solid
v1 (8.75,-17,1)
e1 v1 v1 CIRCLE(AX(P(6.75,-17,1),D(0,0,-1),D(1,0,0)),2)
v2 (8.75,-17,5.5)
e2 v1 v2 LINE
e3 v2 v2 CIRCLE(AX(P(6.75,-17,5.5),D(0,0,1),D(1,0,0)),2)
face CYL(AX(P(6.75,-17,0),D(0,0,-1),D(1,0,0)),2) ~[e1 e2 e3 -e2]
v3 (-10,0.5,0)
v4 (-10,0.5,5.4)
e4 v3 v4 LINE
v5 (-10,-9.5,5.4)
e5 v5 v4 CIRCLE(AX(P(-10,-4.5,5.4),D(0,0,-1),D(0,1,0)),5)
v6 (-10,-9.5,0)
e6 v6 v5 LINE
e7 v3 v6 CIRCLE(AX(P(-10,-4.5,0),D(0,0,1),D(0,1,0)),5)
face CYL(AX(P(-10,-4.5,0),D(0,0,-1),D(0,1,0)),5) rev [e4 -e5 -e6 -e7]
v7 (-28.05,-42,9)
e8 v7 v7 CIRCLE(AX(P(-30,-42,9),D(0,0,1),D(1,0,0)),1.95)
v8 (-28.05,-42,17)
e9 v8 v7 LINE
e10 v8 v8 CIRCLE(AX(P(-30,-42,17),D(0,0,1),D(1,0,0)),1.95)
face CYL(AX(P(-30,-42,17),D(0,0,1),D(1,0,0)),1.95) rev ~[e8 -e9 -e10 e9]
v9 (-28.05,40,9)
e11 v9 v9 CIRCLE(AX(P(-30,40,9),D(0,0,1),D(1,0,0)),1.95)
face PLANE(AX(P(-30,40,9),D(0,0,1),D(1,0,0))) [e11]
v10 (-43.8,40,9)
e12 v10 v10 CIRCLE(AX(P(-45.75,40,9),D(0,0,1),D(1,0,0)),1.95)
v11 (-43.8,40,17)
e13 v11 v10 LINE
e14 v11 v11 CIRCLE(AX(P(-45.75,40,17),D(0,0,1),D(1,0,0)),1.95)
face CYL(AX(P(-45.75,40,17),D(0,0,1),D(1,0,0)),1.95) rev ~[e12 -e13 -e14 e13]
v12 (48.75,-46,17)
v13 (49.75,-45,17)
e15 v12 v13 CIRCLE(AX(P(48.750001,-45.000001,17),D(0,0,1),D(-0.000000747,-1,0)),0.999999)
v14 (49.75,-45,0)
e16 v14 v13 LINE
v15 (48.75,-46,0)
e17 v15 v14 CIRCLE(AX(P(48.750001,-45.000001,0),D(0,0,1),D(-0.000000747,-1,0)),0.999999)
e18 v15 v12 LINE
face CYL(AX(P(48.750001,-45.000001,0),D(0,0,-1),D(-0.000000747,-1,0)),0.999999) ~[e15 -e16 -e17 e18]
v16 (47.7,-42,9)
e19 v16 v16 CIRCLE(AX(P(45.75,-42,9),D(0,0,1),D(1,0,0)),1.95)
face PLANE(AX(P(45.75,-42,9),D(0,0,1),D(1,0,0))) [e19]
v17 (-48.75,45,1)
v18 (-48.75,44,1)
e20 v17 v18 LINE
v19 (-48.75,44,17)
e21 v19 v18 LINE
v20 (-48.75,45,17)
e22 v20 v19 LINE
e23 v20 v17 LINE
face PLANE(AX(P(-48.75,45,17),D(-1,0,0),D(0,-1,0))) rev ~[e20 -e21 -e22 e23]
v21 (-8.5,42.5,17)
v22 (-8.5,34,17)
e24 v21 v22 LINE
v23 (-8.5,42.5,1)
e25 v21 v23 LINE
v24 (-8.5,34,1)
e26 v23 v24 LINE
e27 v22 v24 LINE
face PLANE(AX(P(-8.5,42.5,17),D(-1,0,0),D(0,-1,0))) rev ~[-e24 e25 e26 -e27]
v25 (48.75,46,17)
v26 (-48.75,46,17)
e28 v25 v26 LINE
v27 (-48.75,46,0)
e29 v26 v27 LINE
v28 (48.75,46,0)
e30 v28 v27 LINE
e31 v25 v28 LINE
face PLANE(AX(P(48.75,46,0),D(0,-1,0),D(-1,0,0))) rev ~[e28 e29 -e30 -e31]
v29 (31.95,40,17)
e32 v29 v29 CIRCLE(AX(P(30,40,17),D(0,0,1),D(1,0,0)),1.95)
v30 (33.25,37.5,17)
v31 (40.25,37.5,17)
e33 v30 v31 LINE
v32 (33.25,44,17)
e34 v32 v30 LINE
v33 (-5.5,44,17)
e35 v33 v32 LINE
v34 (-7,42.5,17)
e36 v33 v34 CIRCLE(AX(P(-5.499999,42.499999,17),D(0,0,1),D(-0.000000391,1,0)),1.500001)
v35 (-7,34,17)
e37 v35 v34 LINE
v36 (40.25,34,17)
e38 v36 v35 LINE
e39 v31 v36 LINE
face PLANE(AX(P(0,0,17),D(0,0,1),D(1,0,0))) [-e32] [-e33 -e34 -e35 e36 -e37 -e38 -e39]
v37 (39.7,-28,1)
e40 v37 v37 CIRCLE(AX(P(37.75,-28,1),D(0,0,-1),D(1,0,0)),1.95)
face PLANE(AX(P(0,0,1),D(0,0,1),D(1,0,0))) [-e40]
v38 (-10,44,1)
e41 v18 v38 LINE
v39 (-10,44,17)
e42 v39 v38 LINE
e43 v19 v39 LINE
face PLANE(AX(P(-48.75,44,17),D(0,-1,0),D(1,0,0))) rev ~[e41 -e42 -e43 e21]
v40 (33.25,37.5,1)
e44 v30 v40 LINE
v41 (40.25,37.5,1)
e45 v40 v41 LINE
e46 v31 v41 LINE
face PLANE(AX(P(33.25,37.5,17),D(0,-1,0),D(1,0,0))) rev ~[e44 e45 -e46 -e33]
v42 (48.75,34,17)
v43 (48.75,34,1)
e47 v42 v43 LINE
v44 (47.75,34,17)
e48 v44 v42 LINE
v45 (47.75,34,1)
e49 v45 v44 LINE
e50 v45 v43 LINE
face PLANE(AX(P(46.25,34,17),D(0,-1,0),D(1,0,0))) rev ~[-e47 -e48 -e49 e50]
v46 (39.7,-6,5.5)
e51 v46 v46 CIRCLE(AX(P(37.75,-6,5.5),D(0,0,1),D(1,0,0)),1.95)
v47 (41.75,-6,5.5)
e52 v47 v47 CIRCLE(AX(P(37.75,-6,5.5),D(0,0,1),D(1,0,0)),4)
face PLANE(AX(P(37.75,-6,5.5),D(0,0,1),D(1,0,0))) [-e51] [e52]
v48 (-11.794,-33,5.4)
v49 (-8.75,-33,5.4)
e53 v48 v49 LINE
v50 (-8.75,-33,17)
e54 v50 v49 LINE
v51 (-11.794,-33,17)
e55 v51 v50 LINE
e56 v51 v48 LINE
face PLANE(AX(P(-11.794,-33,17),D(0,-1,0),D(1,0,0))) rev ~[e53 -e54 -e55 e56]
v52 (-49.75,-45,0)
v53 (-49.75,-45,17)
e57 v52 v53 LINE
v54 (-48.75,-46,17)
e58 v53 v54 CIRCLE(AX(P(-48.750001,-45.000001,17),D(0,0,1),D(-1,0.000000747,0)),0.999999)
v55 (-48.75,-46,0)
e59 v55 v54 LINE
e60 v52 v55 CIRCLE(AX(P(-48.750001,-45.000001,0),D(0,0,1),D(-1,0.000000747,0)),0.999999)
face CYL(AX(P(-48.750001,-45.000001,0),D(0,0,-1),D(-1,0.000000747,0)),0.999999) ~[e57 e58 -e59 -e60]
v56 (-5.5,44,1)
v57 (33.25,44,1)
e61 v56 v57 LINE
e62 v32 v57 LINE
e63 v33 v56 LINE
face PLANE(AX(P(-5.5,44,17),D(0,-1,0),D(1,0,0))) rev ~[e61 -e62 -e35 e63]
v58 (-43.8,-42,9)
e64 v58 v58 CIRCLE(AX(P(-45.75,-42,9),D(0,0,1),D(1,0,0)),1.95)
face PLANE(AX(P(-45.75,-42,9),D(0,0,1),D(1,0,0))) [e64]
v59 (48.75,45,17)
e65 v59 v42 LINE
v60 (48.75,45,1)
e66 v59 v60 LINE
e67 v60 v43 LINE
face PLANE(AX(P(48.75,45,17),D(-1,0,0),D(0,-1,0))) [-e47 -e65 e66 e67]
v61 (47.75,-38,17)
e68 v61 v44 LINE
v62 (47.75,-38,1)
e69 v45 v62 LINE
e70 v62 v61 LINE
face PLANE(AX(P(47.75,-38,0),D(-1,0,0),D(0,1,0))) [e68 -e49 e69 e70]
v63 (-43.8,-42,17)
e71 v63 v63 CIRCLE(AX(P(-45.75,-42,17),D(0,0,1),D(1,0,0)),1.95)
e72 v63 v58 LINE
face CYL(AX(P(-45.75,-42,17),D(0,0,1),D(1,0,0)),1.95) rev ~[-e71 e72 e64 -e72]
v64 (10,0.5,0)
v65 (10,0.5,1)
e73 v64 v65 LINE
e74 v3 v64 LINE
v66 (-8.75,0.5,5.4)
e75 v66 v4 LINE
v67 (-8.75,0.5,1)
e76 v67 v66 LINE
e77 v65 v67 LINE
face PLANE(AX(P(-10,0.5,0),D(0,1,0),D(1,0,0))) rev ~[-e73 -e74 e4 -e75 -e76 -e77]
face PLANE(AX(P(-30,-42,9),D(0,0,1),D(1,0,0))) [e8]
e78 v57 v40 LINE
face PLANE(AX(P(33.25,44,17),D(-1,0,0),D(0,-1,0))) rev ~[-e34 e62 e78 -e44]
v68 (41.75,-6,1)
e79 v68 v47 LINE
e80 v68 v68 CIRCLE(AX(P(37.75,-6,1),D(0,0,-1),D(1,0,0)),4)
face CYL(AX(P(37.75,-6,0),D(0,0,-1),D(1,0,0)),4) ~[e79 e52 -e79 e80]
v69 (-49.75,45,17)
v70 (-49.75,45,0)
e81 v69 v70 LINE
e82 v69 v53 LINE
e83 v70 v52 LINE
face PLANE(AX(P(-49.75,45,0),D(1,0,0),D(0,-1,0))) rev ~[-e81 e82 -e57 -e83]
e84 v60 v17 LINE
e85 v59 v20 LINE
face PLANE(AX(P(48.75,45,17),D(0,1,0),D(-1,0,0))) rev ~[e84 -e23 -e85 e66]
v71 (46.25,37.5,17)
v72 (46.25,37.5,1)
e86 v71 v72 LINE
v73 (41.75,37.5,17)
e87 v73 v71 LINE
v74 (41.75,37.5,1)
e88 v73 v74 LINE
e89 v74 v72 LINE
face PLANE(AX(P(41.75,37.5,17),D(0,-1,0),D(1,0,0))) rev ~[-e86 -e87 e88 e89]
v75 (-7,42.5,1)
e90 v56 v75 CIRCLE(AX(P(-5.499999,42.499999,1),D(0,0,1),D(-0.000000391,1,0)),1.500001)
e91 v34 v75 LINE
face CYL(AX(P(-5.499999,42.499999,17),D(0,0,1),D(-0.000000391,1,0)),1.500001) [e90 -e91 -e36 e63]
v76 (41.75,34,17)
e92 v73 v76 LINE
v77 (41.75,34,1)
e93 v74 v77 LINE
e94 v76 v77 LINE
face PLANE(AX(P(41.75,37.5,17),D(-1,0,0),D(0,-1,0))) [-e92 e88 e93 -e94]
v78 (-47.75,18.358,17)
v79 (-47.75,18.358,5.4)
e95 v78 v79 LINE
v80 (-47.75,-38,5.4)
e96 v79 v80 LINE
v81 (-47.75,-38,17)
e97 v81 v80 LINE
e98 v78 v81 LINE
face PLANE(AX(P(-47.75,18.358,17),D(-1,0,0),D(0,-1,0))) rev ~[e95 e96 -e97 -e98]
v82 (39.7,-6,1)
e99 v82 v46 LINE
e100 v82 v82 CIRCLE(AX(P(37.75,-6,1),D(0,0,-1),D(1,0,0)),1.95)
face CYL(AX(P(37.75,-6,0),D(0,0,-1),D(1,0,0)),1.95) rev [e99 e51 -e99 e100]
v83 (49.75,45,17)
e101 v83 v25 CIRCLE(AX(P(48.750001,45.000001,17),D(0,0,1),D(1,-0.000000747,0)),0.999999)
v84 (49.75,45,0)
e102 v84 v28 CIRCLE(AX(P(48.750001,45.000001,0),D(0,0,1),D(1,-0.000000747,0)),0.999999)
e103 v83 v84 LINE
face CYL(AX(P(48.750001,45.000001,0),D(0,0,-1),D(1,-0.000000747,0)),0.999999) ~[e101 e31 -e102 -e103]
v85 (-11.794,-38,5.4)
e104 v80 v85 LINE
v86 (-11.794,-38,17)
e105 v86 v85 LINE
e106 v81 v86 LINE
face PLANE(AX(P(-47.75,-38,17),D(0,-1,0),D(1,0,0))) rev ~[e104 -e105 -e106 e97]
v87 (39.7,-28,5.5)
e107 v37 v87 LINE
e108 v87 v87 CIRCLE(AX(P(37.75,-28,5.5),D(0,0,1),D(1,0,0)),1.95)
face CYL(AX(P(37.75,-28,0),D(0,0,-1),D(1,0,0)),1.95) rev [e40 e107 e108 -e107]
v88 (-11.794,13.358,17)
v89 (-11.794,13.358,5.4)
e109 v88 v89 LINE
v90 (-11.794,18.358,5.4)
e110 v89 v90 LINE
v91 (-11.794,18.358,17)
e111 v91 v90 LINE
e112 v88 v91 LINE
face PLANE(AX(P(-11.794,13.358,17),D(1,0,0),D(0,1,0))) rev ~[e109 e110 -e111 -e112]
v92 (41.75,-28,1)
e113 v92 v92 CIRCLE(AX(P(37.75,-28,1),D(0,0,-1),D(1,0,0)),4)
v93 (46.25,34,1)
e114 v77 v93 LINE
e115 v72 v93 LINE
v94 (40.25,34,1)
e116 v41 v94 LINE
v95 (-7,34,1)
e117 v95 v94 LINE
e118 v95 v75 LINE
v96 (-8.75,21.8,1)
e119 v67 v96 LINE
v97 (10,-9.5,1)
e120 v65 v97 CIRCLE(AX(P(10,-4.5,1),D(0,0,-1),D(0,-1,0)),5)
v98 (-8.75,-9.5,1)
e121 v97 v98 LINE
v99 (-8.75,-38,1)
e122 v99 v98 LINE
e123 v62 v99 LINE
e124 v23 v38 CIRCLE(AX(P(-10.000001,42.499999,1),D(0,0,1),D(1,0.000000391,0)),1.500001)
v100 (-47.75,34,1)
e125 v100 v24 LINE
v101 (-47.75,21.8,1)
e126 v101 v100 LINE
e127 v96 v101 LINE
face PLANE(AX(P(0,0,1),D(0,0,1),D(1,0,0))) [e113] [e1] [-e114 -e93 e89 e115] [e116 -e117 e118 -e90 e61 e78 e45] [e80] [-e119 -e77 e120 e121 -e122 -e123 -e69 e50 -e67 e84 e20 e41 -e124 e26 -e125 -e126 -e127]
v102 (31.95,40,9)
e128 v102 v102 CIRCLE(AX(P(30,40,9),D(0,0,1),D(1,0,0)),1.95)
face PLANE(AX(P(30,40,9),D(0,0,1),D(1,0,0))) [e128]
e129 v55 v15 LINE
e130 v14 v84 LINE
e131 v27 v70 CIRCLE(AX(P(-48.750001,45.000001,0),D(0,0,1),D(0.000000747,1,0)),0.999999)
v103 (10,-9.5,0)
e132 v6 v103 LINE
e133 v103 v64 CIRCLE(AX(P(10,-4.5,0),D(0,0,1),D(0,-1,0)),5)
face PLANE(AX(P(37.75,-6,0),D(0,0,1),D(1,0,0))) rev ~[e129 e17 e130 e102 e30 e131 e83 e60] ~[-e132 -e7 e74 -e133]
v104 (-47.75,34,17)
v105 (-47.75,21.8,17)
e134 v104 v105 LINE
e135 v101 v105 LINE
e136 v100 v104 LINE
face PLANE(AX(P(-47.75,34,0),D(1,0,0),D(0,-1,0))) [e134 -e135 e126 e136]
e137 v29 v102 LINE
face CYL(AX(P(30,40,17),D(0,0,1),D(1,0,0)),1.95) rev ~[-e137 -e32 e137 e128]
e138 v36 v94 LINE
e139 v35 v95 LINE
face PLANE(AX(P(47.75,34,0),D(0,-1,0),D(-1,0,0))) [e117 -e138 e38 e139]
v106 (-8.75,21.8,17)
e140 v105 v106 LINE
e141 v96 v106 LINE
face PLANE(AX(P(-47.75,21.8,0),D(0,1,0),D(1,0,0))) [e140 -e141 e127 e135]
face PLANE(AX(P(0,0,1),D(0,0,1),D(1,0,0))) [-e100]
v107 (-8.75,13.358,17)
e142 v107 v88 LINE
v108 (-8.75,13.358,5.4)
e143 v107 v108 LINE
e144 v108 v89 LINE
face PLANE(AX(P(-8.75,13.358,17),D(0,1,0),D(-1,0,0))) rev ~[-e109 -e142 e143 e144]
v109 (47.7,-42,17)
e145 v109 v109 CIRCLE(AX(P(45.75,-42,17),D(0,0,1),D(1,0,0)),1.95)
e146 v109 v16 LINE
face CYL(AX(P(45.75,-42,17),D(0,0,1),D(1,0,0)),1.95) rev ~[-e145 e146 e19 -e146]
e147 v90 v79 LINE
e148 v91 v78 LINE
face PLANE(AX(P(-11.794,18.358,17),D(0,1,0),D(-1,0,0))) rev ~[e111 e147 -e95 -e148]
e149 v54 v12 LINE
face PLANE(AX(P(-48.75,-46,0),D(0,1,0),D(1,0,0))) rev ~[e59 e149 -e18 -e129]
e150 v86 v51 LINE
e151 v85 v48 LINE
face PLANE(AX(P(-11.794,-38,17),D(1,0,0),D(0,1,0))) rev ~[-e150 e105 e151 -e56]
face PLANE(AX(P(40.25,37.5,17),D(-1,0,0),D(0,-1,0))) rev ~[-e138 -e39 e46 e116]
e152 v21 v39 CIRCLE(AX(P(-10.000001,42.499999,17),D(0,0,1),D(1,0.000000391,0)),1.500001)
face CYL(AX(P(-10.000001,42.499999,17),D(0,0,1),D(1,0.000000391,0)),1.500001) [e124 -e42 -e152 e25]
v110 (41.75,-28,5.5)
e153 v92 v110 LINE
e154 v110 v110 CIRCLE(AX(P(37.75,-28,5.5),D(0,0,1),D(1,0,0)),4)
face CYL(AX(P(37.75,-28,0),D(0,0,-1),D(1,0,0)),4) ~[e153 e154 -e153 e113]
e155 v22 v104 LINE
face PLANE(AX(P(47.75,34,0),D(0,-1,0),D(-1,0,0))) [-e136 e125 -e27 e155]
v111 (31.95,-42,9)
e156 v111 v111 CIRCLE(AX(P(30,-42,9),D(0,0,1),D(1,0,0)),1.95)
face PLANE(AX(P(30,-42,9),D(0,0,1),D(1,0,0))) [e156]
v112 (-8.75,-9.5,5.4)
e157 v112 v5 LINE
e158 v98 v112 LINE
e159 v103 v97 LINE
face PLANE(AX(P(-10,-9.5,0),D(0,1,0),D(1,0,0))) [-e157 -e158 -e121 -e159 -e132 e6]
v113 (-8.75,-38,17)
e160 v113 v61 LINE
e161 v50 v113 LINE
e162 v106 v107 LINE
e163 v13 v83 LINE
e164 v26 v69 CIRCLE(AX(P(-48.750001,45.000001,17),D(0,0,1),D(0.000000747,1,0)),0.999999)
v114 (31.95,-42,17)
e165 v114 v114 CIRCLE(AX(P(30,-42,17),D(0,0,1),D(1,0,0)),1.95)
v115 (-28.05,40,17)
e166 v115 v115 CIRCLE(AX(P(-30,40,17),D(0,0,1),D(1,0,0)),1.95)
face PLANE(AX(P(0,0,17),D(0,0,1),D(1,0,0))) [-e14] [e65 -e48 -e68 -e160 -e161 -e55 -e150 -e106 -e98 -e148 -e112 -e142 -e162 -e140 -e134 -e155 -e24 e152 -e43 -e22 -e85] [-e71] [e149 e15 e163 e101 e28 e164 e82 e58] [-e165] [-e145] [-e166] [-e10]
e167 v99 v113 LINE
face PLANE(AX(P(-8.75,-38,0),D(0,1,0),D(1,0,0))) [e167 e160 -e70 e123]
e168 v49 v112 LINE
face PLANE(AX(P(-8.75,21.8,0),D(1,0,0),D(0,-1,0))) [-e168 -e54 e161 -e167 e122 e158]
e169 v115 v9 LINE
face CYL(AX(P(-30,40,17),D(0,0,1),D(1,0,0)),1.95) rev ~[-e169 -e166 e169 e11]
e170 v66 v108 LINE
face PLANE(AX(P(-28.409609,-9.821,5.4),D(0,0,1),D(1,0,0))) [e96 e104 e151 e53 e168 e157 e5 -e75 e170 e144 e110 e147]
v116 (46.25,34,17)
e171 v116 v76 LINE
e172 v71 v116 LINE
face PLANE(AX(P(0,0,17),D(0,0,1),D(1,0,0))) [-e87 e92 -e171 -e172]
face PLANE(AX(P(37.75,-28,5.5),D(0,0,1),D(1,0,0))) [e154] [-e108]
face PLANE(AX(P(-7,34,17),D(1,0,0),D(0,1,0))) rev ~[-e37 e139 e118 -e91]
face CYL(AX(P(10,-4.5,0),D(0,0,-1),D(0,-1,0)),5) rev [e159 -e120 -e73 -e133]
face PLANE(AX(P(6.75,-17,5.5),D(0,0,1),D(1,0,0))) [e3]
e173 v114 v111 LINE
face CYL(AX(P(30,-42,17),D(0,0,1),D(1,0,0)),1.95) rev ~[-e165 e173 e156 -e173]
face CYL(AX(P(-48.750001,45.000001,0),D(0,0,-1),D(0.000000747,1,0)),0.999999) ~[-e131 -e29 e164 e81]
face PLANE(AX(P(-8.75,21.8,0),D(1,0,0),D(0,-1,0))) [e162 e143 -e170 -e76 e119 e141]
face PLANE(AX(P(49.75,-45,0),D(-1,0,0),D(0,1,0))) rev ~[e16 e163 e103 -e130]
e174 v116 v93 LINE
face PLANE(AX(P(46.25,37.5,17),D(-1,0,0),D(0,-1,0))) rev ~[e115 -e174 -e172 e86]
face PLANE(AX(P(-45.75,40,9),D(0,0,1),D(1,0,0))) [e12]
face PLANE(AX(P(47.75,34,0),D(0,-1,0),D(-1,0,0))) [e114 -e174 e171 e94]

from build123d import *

# Parameters (mm, degrees)
PAD033_DEPTH    = 1
PAD034_DEPTH    = 17
POCKET020_DEPTH = 16
POCKET021_DEPTH = 11.6
SKETCH057_R     = 4
SKETCH057_R_2   = 1.95
SKETCH057_R_3   = 2
PAD035_DEPTH    = 5.5
SKETCH058_R     = 1.95
POCKET022_DEPTH = 8
POCKET023_DEPTH = 17


with BuildPart() as part:
    # Sketch053 → Pad033 (new body)
    with BuildSketch(Plane.XY):
        with BuildLine():
            Line((-49.75, 45), (-49.75, -45))
            ThreePointArc((-49.75, -45), (-49.457107, -45.707107), (-48.75, -46))
            Line((-48.75, -46), (48.75, -46))
            ThreePointArc((48.75, -46), (49.457107, -45.707107), (49.75, -45))
            Line((49.75, -45), (49.75, 45))
            ThreePointArc((49.75, 45), (49.457107, 45.707107), (48.75, 46))
            Line((48.75, 46), (-48.75, 46))
            ThreePointArc((-48.75, 46), (-49.457107, 45.707107), (-49.75, 45))
        make_face()
    extrude(amount=PAD033_DEPTH)

    # Sketch054 → Pad034 (join)
    with BuildSketch(Plane.XY):
        with BuildLine():
            Line((-49.75, 45), (-49.75, -45))
            ThreePointArc((-49.75, -45), (-49.457107, -45.707107), (-48.75, -46))
            Line((-48.75, -46), (48.75, -46))
            ThreePointArc((48.75, -46), (49.457107, -45.707107), (49.75, -45))
            Line((49.75, -45), (49.75, 45))
            ThreePointArc((49.75, 45), (49.457107, 45.707107), (48.75, 46))
            Line((48.75, 46), (-48.75, 46))
            ThreePointArc((-48.75, 46), (-49.457107, 45.707107), (-49.75, 45))
        make_face()
        Polygon((-47.75, 34), (-47.75, 21.8), (-8.75, 21.8), (-8.75, -38), (47.75, -38), (47.75, 34), align=None, mode=Mode.SUBTRACT)
    extrude(amount=PAD034_DEPTH)

    # Sketch055 (on Face14 of Pad034) → Pocket020 (cut)
    with BuildSketch(Plane.XY.offset(17)):
        with BuildLine():
            Line((-48.75, 45), (-48.75, 44))
            Line((-48.75, 44), (-10, 44))
            ThreePointArc((-8.5, 42.5), (-8.93934, 43.56066), (-10, 44))
            Line((-8.5, 42.5), (-8.5, 34))
            Line((-8.5, 34), (-7, 34))
            Line((-7, 34), (-7, 42.5))
            ThreePointArc((-5.5, 44), (-6.56066, 43.56066), (-7, 42.5))
            Line((-5.5, 44), (33.25, 44))
            Line((33.25, 44), (33.25, 37.5))
            Line((33.25, 37.5), (40.25, 37.5))
            Line((40.25, 37.5), (40.25, 34))
            Line((41.75, 34), (40.25, 34))
            Line((41.75, 37.5), (41.75, 34))
            Line((41.75, 37.5), (46.25, 37.5))
            Line((46.25, 37.5), (46.25, 34))
            Line((46.25, 34), (48.75, 34))
            Line((48.75, 45), (48.75, 34))
            Line((48.75, 45), (-48.75, 45))
        make_face()
    extrude(amount=-POCKET020_DEPTH, mode=Mode.SUBTRACT)

    # Sketch056 (on Face14 of Pocket020) → Pocket021 (cut)
    with BuildSketch(Plane.XY.offset(17)):
        Polygon((-11.794, 18.358), (-47.75, 18.358), (-47.75, -38), (-11.794, -38), (-11.794, -33), (-8.75, -33), (-8.75, 13.358), (-11.794, 13.358), align=None)
    extrude(amount=-POCKET021_DEPTH, mode=Mode.SUBTRACT)

    # Sketch057 → Pad035 (join)
    with BuildSketch(Plane.XY):
        with Locations((37.75, -6)):
            Circle(SKETCH057_R)
        with Locations((37.75, -6)):
            Circle(SKETCH057_R_2, mode=Mode.SUBTRACT)
        with Locations((37.75, -28)):
            Circle(SKETCH057_R)
        with Locations((37.75, -28)):
            Circle(SKETCH057_R_2, mode=Mode.SUBTRACT)
        with Locations((6.75, -17)):
            Circle(SKETCH057_R_3)
    extrude(amount=PAD035_DEPTH)

    # Sketch058 (on Face14 of Pad035) → Pocket022 (cut)
    with BuildSketch(Plane.XY.offset(17)):
        with Locations((-45.75, -42)):
            Circle(SKETCH058_R)
        with Locations((-30, -42)):
            Circle(SKETCH058_R)
        with Locations((30, -42)):
            Circle(SKETCH058_R)
        with Locations((-45.75, 40)):
            Circle(SKETCH058_R)
        with Locations((-30, 40)):
            Circle(SKETCH058_R)
        with Locations((30, 40)):
            Circle(SKETCH058_R)
        with Locations((45.75, -42)):
            Circle(SKETCH058_R)
    extrude(amount=-POCKET022_DEPTH, mode=Mode.SUBTRACT)

    # Sketch060 → Pocket023 (cut)
    with BuildSketch(Plane.XY):
        with BuildLine():
            ThreePointArc((-10, 0.5), (-15, -4.5), (-10, -9.5))
            Line((-10, -9.5), (10, -9.5))
            ThreePointArc((10, -9.5), (15, -4.5), (10, 0.5))
            Line((-10, 0.5), (10, 0.5))
        make_face()
    extrude(amount=POCKET023_DEPTH, mode=Mode.SUBTRACT)


solid = part.part
